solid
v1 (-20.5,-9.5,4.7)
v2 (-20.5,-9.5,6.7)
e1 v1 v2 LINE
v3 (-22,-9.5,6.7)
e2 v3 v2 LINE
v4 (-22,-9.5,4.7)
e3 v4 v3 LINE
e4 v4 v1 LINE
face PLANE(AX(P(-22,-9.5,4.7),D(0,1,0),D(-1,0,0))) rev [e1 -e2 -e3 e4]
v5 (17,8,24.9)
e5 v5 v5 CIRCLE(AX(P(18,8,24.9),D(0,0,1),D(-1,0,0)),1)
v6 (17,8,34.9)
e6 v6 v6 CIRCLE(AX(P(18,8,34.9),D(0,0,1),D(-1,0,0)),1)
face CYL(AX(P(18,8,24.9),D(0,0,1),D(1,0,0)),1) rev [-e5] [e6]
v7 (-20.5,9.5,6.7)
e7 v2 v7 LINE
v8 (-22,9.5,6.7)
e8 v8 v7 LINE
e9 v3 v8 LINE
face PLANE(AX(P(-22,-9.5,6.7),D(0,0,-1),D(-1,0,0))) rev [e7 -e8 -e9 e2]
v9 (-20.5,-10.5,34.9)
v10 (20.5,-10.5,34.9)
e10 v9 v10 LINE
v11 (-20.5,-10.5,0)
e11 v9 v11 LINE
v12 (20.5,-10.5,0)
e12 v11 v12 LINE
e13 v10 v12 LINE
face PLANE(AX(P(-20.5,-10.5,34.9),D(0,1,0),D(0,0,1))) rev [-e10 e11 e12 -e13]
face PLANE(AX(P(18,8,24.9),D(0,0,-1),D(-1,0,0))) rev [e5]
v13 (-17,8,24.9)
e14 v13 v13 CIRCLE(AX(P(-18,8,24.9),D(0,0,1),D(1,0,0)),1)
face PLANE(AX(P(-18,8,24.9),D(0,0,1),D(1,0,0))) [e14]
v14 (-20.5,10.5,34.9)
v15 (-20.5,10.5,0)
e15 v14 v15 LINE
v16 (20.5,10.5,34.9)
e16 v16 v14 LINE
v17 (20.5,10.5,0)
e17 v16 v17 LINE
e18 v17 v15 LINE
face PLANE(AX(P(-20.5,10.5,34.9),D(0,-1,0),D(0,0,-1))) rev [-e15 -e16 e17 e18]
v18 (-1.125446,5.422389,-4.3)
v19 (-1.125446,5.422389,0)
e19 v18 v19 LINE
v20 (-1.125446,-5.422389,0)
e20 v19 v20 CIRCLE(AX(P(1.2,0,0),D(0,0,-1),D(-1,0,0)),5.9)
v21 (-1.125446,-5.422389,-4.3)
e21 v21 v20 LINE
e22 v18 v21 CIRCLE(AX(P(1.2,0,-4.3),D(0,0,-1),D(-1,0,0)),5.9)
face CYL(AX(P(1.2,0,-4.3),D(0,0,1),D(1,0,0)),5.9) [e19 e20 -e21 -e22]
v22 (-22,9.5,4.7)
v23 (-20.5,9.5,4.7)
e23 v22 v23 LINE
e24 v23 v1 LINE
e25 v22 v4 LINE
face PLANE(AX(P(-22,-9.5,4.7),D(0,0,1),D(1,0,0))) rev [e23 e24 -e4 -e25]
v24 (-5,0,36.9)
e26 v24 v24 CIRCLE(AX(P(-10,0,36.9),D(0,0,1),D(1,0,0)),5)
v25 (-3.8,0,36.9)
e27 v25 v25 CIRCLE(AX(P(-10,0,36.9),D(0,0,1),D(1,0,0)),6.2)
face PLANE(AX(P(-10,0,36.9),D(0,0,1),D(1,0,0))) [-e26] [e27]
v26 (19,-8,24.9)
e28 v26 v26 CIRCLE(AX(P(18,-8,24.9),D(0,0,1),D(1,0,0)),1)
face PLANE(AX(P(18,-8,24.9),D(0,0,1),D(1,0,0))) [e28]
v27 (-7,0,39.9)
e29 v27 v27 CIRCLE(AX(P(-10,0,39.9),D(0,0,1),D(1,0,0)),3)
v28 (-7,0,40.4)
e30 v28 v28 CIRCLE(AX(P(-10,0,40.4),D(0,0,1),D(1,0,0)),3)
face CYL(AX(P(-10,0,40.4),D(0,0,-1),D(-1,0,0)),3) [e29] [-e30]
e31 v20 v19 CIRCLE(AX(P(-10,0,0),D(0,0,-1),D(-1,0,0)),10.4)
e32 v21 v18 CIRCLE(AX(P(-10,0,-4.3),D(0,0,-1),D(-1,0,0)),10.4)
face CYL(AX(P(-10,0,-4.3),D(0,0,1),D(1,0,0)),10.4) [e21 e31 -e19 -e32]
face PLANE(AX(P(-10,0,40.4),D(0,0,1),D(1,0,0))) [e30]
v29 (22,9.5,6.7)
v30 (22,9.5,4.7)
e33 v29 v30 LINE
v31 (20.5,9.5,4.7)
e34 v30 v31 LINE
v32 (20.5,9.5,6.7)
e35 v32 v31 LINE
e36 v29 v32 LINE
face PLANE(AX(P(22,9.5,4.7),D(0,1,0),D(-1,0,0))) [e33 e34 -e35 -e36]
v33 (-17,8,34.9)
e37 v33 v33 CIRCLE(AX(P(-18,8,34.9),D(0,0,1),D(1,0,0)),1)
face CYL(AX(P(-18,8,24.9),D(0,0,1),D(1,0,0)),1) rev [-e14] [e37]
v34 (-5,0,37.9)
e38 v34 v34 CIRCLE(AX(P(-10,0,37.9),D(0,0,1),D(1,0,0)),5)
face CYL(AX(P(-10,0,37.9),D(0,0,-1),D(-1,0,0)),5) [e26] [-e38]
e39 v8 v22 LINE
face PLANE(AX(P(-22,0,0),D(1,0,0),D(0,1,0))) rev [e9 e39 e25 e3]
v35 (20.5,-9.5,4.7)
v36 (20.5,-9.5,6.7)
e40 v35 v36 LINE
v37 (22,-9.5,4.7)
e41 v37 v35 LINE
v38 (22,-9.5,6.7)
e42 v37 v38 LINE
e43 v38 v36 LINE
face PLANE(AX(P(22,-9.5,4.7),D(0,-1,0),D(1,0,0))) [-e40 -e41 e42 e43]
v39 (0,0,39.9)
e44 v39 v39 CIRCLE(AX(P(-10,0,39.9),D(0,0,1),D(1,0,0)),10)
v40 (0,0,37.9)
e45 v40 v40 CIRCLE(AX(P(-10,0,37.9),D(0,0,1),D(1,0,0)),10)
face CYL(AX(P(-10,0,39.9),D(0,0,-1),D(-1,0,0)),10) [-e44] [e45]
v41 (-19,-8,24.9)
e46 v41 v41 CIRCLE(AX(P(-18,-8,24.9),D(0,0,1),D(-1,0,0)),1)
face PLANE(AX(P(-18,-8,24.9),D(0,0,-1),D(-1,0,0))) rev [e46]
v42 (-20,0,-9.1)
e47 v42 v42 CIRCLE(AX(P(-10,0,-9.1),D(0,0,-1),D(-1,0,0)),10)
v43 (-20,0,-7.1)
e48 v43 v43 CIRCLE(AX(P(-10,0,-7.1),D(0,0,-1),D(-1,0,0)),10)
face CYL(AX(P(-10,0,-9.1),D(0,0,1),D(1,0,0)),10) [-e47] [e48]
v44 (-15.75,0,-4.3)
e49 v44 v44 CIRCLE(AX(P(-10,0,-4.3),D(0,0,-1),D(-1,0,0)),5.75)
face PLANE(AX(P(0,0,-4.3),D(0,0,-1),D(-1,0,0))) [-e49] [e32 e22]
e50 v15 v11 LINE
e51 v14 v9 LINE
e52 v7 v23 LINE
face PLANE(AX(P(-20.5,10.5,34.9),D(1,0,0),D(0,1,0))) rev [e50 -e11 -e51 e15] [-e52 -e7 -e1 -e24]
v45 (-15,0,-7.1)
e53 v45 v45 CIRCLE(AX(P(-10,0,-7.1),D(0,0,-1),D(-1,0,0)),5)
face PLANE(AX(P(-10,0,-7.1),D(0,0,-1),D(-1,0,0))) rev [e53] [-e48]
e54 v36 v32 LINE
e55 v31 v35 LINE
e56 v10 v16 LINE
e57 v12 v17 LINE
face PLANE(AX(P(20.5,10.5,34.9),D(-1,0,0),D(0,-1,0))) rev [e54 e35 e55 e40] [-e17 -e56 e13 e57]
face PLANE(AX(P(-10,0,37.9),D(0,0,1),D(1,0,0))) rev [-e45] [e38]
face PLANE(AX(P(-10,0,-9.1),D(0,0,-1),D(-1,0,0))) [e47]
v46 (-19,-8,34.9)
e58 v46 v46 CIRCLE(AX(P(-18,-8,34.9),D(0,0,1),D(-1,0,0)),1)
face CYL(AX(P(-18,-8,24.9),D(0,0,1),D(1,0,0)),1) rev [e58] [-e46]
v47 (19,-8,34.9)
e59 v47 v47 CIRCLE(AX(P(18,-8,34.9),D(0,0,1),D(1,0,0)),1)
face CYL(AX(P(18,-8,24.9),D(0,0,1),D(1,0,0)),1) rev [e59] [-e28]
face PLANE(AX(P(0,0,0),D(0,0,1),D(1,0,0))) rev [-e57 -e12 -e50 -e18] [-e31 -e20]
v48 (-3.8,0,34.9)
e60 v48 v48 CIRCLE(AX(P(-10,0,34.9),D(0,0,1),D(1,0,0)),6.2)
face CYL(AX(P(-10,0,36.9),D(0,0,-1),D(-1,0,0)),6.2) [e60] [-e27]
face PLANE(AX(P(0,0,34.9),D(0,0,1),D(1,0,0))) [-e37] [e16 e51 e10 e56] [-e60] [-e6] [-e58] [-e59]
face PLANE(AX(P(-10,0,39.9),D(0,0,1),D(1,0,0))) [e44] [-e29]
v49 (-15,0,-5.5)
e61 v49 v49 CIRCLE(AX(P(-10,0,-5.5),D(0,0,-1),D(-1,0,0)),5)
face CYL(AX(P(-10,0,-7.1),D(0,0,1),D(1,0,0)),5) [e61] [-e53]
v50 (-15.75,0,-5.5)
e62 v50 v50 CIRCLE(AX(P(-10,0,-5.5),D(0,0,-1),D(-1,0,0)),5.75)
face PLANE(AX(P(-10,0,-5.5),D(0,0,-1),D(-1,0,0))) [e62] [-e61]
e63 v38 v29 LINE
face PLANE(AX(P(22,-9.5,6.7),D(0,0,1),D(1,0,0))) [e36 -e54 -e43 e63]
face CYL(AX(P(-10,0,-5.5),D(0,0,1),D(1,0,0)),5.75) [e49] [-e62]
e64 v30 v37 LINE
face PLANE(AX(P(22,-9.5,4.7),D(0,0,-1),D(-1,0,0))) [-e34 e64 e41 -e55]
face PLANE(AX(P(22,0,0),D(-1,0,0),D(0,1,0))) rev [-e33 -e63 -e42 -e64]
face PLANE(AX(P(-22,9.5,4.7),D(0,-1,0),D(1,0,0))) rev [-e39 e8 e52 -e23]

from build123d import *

# Parameters (mm, degrees)
SKETCH_1_W          = 41
SKETCH_1_H          = 21
EXTRUDE_1_DEPTH     = 34.9
SKETCH_2_R          = 5.9
SKETCH_2_R_2        = 10.4
EXTRUDE_2_DEPTH     = 4.3
SKETCH_3_R          = 5.75
EXTRUDE_3_DEPTH     = 1.2
SKETCH_4_R          = 3
EXTRUDE_4_DEPTH     = 3.4
SKETCH_5_W          = 2
SKETCH_5_H          = 19
EXTRUDE_5_DEPTH     = 1.5
SKETCH_6_R          = 6.2
EXTRUDE_6_DEPTH     = 2
SKETCH_7_R          = 3
EXTRUDE_7_DEPTH     = 3.5
SKETCH_8_R          = 1
CUT_EXTRUDE_1_DEPTH = 10
SKETCH_9_R          = 5
EXTRUDE_8_DEPTH     = 1
SKETCH_10_R         = 10
EXTRUDE_9_DEPTH     = 2
SKETCH_11_R         = 5
EXTRUDE_10_DEPTH    = 1.6
SKETCH_12_R         = 10
EXTRUDE_11_DEPTH    = 2


with BuildPart() as part:
    # 草圖1 → 填料-伸長1 (new body)
    with BuildSketch(Plane.XY):
        Rectangle(SKETCH_1_W, SKETCH_1_H)
    extrude(amount=EXTRUDE_1_DEPTH)

    # 草圖2 → 填料-伸長2 (add)
    with BuildSketch(Plane(origin=(0, 0, 0), x_dir=(-1, 0, 0), z_dir=(0, 0, -1))):
        with Locations((-1.2, 0)):
            Circle(SKETCH_2_R)
        with Locations((10, 0)):
            Circle(SKETCH_2_R_2)
    extrude(amount=EXTRUDE_2_DEPTH)

    # 草圖3 → 填料-伸長3 (add)
    with BuildSketch(Plane(origin=(0, 0, -4.3), x_dir=(-1, 0, 0), z_dir=(0, 0, -1))):
        with Locations((10, 0)):
            Circle(SKETCH_3_R)
    extrude(amount=EXTRUDE_3_DEPTH)

    # 草圖4 → 填料-伸長4 (add)
    with BuildSketch(Plane(origin=(0, 0, -5.5), x_dir=(-1, 0, 0), z_dir=(0, 0, -1))):
        with Locations((10, 0)):
            Circle(SKETCH_4_R)
    extrude(amount=EXTRUDE_4_DEPTH)

    # 草圖5 → 填料-伸長5 (add)
    with BuildSketch(Plane.ZY.offset(20.5)):
        with Locations((5.7, 0)):
            Rectangle(SKETCH_5_W, SKETCH_5_H)
    extrude_5 = extrude(amount=EXTRUDE_5_DEPTH)

    # 鏡射1: 填料-伸長5 across plane
    add(extrude_5.mirror(Plane(origin=(0, 0, 0), x_dir=(0, 0, 1), z_dir=(1, 0, 0))))

    # 草圖6 → 填料-伸長6 (add)
    with BuildSketch(Plane.XY.offset(34.9)):
        with Locations((-10, 0)):
            Circle(SKETCH_6_R)
    extrude(amount=EXTRUDE_6_DEPTH)

    # 草圖7 → 填料-伸長7 (add)
    with BuildSketch(Plane.XY.offset(36.9)):
        with Locations((-10, 0)):
            Circle(SKETCH_7_R)
    extrude(amount=EXTRUDE_7_DEPTH)

    # 草圖8 → 除料-伸長1 (cut)
    with BuildSketch(Plane.XY.offset(34.9)):
        with Locations((-18, 8)):
            Circle(SKETCH_8_R)
        with Locations((18, 8)):
            Circle(SKETCH_8_R)
        with Locations((18, -8)):
            Circle(SKETCH_8_R)
        with Locations((-18, -8)):
            Circle(SKETCH_8_R)
    extrude(amount=-CUT_EXTRUDE_1_DEPTH, mode=Mode.SUBTRACT)

    # 草圖9 → 填料-伸長8 (add)
    with BuildSketch(Plane.XY.offset(36.9)):
        with Locations((-10, 0)):
            Circle(SKETCH_9_R)
    extrude(amount=EXTRUDE_8_DEPTH)

    # 草圖10 → 填料-伸長9 (add)
    with BuildSketch(Plane.XY.offset(37.9)):
        with Locations((-10, 0)):
            Circle(SKETCH_10_R)
    extrude(amount=EXTRUDE_9_DEPTH)

    # 草圖11 → 填料-伸長10 (add)
    with BuildSketch(Plane(origin=(0, 0, -5.5), x_dir=(-1, 0, 0), z_dir=(0, 0, -1))):
        with Locations((10, 0)):
            Circle(SKETCH_11_R)
    extrude(amount=EXTRUDE_10_DEPTH)

    # 草圖12 → 填料-伸長11 (add)
    with BuildSketch(Plane(origin=(0, 0, -7.1), x_dir=(-1, 0, 0), z_dir=(0, 0, -1))):
        with Locations((10, 0)):
            Circle(SKETCH_12_R)
    extrude(amount=EXTRUDE_11_DEPTH)


solid = part.part
